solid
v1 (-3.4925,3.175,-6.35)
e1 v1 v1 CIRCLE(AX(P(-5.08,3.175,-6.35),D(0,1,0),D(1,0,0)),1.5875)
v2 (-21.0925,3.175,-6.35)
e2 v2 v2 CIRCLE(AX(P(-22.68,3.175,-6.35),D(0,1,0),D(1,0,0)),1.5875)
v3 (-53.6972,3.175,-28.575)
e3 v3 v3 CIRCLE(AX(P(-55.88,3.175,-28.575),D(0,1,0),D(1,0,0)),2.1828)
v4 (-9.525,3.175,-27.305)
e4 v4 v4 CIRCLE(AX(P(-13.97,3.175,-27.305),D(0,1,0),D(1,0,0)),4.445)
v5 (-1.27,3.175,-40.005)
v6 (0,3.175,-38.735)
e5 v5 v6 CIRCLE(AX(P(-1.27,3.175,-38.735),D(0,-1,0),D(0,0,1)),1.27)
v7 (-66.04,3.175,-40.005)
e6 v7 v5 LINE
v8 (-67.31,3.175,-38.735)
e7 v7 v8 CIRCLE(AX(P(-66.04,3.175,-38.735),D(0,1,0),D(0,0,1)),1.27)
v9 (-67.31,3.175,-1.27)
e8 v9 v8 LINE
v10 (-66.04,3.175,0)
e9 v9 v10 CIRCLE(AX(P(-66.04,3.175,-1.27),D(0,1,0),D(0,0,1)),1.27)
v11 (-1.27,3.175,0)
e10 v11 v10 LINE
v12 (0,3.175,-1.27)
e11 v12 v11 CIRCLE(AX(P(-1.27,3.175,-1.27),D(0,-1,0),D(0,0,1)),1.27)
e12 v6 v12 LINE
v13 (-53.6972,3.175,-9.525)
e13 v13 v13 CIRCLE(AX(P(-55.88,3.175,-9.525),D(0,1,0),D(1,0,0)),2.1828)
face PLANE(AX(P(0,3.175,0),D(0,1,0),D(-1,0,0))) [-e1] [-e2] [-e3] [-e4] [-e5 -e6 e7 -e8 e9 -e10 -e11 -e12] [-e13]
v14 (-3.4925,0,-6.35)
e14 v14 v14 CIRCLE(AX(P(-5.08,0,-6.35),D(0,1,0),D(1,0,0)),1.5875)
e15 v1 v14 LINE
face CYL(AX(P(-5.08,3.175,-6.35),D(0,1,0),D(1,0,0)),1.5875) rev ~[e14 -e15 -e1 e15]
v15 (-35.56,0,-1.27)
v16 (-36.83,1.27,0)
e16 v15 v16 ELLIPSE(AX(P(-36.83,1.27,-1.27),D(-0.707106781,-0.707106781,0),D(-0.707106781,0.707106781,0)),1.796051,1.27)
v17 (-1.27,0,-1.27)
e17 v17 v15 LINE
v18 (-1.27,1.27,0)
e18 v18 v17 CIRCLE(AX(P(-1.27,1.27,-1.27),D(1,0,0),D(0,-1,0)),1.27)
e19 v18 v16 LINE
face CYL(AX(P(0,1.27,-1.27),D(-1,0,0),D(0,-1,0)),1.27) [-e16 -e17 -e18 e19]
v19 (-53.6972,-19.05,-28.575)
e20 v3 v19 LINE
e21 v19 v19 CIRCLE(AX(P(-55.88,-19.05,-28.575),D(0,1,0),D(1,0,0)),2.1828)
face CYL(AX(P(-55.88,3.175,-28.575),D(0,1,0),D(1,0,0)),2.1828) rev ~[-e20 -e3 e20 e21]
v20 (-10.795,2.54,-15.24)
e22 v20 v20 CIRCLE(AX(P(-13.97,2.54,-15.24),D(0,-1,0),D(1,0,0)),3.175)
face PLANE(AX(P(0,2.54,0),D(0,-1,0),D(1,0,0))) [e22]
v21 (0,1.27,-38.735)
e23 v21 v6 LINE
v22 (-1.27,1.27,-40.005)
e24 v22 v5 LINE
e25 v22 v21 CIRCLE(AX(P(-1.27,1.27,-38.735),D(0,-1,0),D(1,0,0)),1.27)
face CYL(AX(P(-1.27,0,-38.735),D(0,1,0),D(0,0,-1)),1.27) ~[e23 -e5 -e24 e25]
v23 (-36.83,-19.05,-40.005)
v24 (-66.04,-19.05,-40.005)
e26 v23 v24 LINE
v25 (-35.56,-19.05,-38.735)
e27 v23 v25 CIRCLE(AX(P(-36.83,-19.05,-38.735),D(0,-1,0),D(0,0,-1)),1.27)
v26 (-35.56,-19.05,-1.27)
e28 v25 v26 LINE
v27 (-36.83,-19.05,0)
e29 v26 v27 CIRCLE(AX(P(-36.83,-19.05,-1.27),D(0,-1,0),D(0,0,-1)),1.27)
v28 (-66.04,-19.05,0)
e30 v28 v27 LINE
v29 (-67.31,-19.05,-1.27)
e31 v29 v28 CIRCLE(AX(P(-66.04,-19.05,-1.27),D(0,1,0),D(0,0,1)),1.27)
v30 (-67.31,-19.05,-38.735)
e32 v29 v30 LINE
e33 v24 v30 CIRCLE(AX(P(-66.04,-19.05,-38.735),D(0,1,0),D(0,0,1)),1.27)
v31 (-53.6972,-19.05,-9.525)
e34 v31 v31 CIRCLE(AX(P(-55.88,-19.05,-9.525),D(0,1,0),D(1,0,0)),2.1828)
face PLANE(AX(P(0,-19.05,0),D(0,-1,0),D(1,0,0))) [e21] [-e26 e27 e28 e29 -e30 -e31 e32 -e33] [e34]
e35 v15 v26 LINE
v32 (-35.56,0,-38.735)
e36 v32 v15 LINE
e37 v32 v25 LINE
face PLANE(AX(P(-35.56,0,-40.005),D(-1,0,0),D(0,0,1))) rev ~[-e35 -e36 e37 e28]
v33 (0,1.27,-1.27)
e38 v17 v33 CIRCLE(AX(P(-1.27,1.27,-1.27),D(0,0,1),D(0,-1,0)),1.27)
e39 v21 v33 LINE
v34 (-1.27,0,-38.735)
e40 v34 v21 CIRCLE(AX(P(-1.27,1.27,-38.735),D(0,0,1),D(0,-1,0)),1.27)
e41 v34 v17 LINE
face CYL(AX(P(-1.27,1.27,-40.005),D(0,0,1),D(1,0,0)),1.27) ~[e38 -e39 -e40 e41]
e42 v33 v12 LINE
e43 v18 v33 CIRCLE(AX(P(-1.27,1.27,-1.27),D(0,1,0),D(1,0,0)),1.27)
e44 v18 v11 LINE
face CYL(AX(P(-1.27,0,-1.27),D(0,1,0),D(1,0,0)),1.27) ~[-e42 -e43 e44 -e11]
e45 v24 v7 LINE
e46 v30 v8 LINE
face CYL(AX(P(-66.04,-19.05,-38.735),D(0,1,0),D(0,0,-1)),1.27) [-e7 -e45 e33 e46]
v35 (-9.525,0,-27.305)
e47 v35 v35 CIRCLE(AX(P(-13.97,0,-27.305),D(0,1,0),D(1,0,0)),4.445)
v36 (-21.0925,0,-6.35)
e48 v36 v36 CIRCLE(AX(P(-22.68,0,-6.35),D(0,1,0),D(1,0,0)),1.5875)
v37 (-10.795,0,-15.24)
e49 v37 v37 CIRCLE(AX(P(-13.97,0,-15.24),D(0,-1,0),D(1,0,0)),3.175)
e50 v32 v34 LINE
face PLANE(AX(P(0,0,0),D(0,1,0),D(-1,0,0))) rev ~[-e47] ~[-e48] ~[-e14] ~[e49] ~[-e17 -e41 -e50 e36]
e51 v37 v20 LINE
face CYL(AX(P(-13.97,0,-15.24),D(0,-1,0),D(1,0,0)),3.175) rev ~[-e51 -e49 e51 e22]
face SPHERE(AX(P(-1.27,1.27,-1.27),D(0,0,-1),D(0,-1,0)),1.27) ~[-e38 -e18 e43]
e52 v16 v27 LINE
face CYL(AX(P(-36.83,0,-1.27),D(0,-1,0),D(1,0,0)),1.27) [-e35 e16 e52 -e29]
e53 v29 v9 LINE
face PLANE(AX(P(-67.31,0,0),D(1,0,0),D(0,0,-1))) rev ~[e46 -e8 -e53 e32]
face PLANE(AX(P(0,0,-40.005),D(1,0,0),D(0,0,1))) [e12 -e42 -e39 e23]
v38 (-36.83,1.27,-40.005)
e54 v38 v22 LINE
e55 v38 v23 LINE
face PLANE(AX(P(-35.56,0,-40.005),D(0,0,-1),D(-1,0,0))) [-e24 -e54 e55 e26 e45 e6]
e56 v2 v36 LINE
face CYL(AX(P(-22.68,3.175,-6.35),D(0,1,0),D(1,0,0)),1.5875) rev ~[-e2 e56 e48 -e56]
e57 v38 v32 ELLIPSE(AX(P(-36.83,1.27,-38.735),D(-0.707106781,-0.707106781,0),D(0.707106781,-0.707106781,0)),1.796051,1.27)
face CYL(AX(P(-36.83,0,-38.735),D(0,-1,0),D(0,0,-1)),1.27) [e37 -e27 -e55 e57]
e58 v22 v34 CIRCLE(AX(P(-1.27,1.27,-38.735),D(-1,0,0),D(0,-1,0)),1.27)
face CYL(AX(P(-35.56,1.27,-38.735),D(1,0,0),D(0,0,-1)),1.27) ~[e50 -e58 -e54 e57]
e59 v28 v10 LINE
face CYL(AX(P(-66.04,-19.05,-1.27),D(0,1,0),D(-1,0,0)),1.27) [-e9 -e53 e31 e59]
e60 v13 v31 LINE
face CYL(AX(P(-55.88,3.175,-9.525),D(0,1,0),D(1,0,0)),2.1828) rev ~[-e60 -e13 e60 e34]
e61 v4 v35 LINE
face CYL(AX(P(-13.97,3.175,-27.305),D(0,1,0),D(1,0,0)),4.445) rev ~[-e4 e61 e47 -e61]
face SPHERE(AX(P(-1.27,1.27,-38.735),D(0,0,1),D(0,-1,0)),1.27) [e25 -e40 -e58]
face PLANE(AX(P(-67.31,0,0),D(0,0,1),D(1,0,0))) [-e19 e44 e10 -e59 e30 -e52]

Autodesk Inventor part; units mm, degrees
ref_plane "YZ Plane" through (0, 0, 0) normal (1, 0, 0) x (0, 1, 0)
ref_plane "XZ Plane" through (0, 0, 0) normal (0, 1, 0) x (-1, 0, 0)
ref_plane "XY Plane" through (0, 0, 0) normal (0, 0, 1) x (1, 0, 0)
sketch "Sketch1" plane through (0, 0, 0) normal (0, 1, 0) x (-1, 0, 0)
  line L0 (0, 0) -> (67.31, 0)
  line L1 (67.31, 0) -> (67.31, -40.005)
  line L2 (67.31, -40.005) -> (0, -40.005)
  line L3 (0, -40.005) -> (0, 0)
  dimension "d0" = 40.005
  dimension "d1" = 67.31
extrude "Extrusion1" add sketch "Sketch1" along normal blind 3.175
sketch "Sketch2" plane through (0, 3.175, 0) normal (0, 1, 0) x (1, 0, 0)
  circle A0 centre (-13.97, 27.305) radius 4.445
  line L0 (0, 0) -> (0, 40.005) projected
  line L1 (-67.31, 0) -> (0, 0) projected
  line L2 (0, 40.005) -> (-67.31, 40.005) projected
  circle A1 centre (-5.08, 6.35) radius 1.5875
  circle A2 centre (-22.68, 6.35) radius 1.5875
  dimension "d4" = 13.97
  dimension "d28" = 12.7
  dimension "d29" = 8.89
  dimension "d30" = 3.175
  dimension "d31" = 3.175
  dimension "d32" = 5.08
  dimension "d33" = 17.6
  dimension "d34" = 6.35
  dimension "d35" = 6.35
extrude "Extrusion2" cut sketch "Sketch2" against normal blind 6.35
sketch "Sketch3" plane through (0, 0, 0) normal (0, -1, 0) x (1, 0, 0)
  line L0 (0, -40.005) -> (-67.31, -40.005) projected
  line L1 (-67.31, 0) -> (0, 0) projected
  line L2 (-67.31, -40.005) -> (-35.56, -40.005)
  line L3 (-35.56, -40.005) -> (-35.56, 0)
  line L4 (-35.56, 0) -> (-67.31, 0)
  line L5 (-67.31, 0) -> (-67.31, -40.005)
  point P0 (-67.31, 0)
  point P1 (-35.56, -40.005)
  dimension "d8" = 31.75
extrude "Extrusion3" add sketch "Sketch3" along normal blind 19.05
sketch "Sketch6" plane through (0, 3.175, 0) normal (0, 1, 0) x (1, 0, 0)
  circle A0 centre (-55.88, 28.575) radius 2.1828
  circle A1 centre (-55.88, 9.525) radius 2.1828
  line L0 (-67.31, 40.005) -> (-67.31, 0) projected
  line L1 (-67.31, 0) -> (0, 0) projected
  dimension "d19" = 4.3656
  dimension "d20" = 4.3656
  dimension "d21" = 11.43
  dimension "d22" = 11.43
  dimension "d23" = 19.05
  dimension "d24" = 9.525
extrude "Extrusion6" cut sketch "Sketch6" against normal blind 25.4
fillet "Fillet1" radius 1.27 9 edges at (0, 0, -20.0025) (-17.78, 0, 0) (-17.78, 0, -40.005) (-35.56, -9.525, 0) (0, 1.5875, 0) (0, 1.5875, -40.005) (-67.31, -7.9375, -40.005) (-35.56, -9.525, -40.005) (-67.31, -7.9375, 0)
sketch "Sketch7" plane through (0, 0, 0) normal (0, -1, 0) x (1, 0, 0)
  circle A0 centre (-13.97, -15.24) radius 3.175
  line L0 (-1.27, 0) -> (-36.83, 0) projected
  line L1 (0, -38.735) -> (0, -1.27) projected
  point P0 (0, 0)
  dimension "d36" = 6.35
  dimension "d37" = 15.24
  dimension "d38" = 13.97
extrude "Extrusion7" cut sketch "Sketch7" against normal blind 2.54
properties part number "SwerveDriveBracket_C"
